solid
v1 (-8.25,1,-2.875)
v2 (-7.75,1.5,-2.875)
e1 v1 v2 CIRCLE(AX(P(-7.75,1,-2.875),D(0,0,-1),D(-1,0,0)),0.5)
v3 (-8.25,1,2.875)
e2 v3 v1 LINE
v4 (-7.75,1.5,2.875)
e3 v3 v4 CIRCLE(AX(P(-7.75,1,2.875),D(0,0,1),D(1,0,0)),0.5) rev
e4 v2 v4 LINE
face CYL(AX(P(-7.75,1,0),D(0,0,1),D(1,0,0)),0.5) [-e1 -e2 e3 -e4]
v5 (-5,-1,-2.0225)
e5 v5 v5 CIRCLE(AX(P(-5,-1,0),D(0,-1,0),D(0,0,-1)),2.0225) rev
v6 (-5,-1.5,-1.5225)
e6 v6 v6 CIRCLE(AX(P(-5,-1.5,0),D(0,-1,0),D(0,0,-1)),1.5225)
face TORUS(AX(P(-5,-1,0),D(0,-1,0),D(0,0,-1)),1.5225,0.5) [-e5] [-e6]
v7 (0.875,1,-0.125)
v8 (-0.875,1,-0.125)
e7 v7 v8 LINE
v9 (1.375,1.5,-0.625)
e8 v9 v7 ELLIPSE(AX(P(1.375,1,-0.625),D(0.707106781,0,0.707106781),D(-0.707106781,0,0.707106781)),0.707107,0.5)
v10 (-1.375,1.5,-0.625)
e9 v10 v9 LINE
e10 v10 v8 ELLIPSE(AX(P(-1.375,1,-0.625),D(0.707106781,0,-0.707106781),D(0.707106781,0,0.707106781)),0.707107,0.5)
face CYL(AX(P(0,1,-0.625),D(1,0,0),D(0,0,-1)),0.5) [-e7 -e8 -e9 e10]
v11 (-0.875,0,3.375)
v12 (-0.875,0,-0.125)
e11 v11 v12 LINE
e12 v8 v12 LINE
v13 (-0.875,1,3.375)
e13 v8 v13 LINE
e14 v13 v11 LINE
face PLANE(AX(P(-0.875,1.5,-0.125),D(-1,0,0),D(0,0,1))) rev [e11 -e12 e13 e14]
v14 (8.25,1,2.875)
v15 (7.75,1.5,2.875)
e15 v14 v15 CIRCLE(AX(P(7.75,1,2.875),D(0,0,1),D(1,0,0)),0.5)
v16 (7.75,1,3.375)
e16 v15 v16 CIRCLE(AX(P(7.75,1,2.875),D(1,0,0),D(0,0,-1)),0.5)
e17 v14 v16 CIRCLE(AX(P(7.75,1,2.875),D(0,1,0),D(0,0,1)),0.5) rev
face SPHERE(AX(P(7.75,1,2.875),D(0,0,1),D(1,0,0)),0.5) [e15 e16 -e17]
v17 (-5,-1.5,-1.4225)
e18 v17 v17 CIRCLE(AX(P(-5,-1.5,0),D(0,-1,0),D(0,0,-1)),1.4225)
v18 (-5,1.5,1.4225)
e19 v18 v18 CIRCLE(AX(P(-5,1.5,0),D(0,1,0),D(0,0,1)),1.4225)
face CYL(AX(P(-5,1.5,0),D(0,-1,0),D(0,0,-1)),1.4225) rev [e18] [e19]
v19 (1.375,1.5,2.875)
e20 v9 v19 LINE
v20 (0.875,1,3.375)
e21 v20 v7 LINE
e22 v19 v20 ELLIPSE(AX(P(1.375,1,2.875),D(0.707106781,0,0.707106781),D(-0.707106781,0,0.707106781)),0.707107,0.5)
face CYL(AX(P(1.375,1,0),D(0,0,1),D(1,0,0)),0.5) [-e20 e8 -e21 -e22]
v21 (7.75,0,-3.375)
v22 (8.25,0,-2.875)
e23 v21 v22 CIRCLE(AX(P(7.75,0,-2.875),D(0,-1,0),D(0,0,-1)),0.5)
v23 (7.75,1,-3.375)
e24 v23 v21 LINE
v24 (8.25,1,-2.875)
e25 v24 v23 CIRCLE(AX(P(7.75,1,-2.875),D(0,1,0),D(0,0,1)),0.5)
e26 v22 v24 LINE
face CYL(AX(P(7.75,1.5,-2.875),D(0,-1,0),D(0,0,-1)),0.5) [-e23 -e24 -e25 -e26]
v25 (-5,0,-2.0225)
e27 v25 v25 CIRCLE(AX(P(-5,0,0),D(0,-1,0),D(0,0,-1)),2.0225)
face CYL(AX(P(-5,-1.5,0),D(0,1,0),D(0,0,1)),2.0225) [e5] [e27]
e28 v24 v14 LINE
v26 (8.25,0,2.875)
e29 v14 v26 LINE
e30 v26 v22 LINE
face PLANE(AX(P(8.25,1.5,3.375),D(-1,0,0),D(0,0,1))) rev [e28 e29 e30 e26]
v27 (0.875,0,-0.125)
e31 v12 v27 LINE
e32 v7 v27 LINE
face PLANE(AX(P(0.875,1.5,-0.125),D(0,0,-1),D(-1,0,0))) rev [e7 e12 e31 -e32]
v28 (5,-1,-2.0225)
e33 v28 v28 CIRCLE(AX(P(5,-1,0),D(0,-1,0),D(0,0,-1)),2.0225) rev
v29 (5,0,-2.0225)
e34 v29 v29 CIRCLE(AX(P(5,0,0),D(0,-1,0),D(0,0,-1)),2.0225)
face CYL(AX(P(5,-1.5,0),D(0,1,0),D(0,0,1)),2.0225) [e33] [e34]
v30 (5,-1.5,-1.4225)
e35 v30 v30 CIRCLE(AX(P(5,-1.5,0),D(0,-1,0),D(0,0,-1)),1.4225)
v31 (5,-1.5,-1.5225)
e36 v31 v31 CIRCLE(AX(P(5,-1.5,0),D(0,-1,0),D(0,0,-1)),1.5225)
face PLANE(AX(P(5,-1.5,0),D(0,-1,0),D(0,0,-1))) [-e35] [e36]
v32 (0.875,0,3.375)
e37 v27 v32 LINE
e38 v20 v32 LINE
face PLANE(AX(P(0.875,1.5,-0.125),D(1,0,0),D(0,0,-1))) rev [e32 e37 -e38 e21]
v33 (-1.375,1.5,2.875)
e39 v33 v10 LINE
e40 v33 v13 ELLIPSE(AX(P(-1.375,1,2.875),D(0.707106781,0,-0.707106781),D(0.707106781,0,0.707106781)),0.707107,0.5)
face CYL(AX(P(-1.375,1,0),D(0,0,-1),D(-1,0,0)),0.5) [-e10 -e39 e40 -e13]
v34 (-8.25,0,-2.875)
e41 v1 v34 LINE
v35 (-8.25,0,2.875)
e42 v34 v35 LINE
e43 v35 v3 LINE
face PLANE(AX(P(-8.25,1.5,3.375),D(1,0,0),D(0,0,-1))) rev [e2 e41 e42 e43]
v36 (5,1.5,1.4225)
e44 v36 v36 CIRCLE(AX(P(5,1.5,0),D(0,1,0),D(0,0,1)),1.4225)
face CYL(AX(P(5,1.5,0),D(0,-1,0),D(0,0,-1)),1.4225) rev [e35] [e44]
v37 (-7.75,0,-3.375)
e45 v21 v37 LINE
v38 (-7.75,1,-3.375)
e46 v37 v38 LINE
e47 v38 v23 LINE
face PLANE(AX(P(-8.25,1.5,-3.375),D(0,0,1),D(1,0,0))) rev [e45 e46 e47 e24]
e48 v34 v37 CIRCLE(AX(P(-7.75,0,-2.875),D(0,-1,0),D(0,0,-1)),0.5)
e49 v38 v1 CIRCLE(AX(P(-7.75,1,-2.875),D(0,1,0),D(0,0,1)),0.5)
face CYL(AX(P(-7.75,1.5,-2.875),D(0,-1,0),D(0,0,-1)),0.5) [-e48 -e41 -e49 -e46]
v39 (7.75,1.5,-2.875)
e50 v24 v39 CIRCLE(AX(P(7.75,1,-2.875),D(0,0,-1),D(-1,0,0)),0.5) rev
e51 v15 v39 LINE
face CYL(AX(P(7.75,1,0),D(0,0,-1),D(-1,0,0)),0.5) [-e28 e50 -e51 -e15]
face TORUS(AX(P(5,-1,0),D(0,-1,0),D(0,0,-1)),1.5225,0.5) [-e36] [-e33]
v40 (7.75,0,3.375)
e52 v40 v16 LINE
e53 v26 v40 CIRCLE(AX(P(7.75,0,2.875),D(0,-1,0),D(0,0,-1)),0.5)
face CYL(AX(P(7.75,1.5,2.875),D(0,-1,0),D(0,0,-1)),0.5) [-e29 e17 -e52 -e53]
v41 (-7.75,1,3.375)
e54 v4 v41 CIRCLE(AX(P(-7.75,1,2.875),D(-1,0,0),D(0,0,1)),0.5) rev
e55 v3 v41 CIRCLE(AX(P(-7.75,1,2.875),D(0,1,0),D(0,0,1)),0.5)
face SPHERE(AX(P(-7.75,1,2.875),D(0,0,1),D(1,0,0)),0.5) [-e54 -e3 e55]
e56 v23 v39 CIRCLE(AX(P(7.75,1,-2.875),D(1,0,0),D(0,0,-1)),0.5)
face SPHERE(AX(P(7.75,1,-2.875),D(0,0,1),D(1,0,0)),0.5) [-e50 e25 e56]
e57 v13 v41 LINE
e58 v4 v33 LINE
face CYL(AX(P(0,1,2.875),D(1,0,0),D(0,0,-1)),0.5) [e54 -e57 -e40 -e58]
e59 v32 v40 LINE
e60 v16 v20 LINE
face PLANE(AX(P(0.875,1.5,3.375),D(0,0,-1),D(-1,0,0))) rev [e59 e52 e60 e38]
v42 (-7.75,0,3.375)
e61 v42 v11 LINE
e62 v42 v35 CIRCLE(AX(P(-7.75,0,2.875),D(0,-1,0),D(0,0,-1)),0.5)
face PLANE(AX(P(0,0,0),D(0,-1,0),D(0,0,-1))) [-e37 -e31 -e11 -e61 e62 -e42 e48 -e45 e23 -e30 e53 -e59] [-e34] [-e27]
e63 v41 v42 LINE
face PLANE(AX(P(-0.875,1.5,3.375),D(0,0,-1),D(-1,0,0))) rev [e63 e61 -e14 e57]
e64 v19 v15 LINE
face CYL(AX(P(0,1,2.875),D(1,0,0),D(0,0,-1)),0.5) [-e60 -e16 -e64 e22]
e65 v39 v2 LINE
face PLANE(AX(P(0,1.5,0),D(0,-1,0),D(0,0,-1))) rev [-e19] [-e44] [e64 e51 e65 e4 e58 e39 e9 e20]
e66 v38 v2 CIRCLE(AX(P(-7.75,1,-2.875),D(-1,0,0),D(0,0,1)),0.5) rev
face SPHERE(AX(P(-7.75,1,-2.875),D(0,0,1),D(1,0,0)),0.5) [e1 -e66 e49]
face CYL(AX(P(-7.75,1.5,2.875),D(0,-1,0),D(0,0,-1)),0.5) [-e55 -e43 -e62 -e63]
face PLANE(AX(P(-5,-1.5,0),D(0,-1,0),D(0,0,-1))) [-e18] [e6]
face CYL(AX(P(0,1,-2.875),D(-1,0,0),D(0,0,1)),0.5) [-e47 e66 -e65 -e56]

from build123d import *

# Parameters (mm, degrees)
SKETCH1_R           = 1.4225
BOSS_EXTRUDE1_DEPTH = 1.5
SKETCH2_R           = 2.0225
SKETCH2_R_2         = 1.4225
BOSS_EXTRUDE2_DEPTH = 1.5
FILLET1_R           = 0.5
FILLET2_R           = 0.5


with BuildPart() as part:
    # Sketch1 → Boss-Extrude1 (new body)
    with BuildSketch(Plane(origin=(0, 0, 0), x_dir=(1, 0, 0), z_dir=(0, 1, 0))):
        Polygon((-8.25, -3.375), (-8.25, 3.375), (8.25, 3.375), (8.25, -3.375), (0.875, -3.375), (0.875, 0.125), (-0.875, 0.125), (-0.875, -3.375), align=None)
        with Locations((-5, 0)):
            Circle(SKETCH1_R, mode=Mode.SUBTRACT)
        with Locations((5, 0)):
            Circle(SKETCH1_R, mode=Mode.SUBTRACT)
    extrude(amount=BOSS_EXTRUDE1_DEPTH)

    # Sketch2 → Boss-Extrude2 (add)
    with BuildSketch(Plane.XZ):
        with Locations((5, 0)):
            Circle(SKETCH2_R)
        with Locations((5, 0)):
            Circle(SKETCH2_R_2, mode=Mode.SUBTRACT)
        with Locations((-5, 0)):
            Circle(SKETCH2_R)
        with Locations((-5, 0)):
            Circle(SKETCH2_R_2, mode=Mode.SUBTRACT)
    extrude(amount=BOSS_EXTRUDE2_DEPTH)

    # Fillet1
    fillet1_edges = [part.edges().sort_by_distance(p)[0] for p in [
        (2.9775, -1.5, 0),
        (-7.0225, -1.5, 0),
    ]]
    fillet(fillet1_edges, radius=FILLET1_R)

    # Fillet2
    fillet2_edges = [part.edges().sort_by_distance(p)[0] for p in [
        (-8.25, 1.5, 0),
        (-4.5625, 1.5, 3.375),
        (8.25, 0.75, 3.375),
        (-8.25, 0.75, 3.375),
        (-8.25, 0.75, -3.375),
        (8.25, 0.75, -3.375),
        (-0.875, 1.5, 1.625),
        (0, 1.5, -0.125),
        (0.875, 1.5, 1.625),
        (4.5625, 1.5, 3.375),
        (8.25, 1.5, 0),
        (0, 1.5, -3.375),
    ]]
    fillet(fillet2_edges, radius=FILLET2_R)


solid = part.part
